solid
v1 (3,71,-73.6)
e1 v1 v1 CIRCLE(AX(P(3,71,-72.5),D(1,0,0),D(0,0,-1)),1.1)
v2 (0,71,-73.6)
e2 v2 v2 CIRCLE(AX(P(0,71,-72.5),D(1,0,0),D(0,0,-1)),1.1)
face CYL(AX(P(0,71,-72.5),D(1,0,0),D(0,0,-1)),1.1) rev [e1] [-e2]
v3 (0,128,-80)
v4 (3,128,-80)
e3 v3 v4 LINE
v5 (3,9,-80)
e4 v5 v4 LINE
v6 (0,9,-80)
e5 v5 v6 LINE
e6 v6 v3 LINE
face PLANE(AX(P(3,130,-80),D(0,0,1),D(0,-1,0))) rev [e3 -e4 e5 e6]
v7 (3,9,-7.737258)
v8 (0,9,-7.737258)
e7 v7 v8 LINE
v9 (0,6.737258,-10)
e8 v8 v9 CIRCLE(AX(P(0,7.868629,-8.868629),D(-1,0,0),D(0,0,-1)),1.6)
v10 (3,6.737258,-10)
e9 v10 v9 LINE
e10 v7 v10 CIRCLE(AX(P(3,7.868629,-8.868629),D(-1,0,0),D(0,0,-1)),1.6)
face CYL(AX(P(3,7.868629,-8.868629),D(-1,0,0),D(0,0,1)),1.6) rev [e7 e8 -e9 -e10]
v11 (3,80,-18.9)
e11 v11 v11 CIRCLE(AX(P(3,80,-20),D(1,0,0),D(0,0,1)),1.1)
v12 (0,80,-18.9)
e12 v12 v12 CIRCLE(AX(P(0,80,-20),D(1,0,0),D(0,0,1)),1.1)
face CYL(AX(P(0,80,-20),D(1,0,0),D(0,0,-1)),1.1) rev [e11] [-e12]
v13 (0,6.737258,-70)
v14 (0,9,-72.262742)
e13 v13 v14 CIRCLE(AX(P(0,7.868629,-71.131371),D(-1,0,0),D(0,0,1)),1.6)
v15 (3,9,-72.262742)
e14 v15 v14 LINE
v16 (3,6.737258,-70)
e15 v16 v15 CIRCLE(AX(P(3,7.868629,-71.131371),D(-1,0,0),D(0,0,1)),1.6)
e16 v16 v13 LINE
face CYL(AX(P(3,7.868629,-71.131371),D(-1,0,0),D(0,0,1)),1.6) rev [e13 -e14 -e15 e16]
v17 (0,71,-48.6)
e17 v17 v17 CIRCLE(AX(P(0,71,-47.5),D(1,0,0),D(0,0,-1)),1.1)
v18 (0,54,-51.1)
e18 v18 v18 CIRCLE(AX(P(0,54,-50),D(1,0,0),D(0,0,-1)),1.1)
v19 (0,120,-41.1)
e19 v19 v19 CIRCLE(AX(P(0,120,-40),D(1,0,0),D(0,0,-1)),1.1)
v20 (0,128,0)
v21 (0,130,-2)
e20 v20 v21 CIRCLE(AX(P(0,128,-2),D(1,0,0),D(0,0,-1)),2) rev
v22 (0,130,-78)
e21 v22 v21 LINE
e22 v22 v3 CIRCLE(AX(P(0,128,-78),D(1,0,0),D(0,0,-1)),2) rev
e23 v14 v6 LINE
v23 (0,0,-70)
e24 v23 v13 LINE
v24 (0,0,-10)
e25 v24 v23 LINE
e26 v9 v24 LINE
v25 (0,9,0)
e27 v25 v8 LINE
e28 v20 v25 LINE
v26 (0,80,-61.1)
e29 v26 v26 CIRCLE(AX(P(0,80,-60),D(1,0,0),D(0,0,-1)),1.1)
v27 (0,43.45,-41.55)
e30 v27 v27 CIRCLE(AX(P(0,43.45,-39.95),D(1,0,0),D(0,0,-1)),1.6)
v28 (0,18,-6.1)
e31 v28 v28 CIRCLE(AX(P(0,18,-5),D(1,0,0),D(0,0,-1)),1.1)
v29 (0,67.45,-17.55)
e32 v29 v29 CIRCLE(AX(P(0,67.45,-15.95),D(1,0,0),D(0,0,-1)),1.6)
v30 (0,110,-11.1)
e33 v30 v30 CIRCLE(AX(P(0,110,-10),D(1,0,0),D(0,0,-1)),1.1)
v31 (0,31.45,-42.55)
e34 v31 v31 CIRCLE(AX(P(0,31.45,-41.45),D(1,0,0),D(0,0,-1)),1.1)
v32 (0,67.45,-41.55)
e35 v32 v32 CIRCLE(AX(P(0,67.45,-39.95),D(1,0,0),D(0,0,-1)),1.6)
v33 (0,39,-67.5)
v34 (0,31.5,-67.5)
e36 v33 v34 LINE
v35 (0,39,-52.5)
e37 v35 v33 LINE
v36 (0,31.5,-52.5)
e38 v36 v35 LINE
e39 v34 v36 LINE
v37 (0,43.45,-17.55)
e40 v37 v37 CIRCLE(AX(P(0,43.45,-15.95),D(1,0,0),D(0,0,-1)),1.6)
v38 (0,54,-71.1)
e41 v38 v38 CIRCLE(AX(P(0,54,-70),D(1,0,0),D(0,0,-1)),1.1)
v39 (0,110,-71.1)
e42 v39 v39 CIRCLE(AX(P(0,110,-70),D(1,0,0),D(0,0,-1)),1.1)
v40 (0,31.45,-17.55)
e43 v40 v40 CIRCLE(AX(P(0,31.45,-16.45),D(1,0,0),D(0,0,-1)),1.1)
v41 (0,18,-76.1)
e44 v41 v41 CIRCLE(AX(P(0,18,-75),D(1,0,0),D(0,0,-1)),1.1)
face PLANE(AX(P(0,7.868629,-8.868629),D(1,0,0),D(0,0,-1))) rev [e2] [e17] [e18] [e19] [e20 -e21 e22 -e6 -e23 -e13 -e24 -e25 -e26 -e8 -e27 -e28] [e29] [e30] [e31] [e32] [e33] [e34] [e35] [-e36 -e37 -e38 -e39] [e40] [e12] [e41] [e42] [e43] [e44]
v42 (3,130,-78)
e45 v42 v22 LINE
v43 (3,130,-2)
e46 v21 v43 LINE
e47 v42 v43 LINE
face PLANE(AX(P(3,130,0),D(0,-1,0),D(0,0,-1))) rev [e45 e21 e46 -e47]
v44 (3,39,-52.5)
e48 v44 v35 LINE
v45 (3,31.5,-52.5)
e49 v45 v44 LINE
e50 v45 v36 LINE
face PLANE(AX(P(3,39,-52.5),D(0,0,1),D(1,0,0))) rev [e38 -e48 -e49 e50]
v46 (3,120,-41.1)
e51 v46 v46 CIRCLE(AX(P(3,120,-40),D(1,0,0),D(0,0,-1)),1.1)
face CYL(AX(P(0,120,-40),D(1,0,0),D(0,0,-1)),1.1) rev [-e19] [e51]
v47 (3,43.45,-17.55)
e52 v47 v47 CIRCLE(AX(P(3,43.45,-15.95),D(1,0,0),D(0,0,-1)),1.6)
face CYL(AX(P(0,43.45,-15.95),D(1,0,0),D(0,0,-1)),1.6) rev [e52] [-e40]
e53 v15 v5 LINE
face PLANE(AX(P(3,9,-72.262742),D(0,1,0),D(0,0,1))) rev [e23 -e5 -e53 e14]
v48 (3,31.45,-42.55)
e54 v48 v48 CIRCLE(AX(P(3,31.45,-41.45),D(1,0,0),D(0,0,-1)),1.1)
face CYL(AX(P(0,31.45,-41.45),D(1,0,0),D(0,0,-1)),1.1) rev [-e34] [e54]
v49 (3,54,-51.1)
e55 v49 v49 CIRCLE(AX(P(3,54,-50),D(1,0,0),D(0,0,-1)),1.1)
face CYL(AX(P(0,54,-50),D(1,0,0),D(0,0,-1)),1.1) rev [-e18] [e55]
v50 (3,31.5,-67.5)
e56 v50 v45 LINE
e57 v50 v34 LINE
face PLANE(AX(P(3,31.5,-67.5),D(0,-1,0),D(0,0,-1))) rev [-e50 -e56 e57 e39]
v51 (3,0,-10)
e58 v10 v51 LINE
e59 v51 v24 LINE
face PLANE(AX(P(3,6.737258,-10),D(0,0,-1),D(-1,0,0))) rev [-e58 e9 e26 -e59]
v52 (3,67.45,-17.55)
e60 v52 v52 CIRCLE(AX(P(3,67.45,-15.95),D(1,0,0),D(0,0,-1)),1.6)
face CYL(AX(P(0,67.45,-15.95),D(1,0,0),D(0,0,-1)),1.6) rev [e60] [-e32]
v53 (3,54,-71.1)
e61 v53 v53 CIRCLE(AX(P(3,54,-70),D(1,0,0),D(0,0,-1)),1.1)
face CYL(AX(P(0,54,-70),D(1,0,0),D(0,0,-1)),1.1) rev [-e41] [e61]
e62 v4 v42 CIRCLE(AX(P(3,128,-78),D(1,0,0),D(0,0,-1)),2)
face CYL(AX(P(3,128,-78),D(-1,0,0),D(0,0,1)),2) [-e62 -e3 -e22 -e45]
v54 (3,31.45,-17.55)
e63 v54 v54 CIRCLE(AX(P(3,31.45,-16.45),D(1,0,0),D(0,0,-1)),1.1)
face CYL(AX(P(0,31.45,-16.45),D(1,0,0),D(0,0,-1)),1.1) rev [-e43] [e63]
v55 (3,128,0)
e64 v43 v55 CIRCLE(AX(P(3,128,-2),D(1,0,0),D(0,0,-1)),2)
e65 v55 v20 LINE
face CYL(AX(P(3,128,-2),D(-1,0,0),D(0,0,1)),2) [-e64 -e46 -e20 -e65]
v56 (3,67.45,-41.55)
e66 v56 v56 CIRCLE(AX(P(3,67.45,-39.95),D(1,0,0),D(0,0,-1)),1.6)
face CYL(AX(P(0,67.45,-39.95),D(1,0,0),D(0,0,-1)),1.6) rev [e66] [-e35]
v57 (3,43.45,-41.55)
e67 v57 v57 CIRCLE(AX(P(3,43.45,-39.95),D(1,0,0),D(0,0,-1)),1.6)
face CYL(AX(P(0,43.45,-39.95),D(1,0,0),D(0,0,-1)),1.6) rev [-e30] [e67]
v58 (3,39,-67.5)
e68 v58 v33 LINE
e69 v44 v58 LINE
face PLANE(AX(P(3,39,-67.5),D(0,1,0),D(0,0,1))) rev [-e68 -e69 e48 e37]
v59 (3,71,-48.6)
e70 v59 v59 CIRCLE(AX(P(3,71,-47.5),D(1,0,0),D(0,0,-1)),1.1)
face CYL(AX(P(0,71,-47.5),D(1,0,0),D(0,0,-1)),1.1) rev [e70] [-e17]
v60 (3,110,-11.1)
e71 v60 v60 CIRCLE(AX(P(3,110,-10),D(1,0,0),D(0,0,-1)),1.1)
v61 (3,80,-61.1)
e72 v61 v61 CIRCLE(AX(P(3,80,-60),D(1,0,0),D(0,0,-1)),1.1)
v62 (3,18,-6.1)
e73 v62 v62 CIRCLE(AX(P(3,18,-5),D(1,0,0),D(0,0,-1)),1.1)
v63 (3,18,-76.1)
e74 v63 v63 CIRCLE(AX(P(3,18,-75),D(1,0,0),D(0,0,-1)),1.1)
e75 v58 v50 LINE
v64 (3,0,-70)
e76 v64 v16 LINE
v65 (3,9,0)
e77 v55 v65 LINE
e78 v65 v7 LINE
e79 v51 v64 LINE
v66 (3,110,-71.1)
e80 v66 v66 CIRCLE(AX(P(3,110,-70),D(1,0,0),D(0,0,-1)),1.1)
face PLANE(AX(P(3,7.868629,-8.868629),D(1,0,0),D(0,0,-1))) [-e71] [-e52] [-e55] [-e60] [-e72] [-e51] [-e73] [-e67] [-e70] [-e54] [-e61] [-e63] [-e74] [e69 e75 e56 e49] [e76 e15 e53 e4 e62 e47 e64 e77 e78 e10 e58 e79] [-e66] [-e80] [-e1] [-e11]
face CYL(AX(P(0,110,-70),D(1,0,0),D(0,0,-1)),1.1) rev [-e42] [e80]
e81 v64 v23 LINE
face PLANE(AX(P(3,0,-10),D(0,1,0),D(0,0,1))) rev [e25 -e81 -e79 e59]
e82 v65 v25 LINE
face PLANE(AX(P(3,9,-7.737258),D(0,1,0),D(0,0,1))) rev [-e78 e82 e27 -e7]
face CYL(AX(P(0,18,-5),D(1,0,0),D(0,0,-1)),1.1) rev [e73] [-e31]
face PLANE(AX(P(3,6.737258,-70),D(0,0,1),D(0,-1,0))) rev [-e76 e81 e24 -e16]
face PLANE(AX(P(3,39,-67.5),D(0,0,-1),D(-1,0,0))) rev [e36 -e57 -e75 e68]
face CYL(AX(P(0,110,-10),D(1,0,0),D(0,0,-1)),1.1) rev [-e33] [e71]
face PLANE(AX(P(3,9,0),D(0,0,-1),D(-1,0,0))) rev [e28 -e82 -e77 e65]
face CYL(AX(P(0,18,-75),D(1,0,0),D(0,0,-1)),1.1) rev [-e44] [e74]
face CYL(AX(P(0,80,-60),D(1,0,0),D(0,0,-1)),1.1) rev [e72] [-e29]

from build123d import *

# Parameters (mm, degrees)
EXTRUSION1_DEPTH        = 3
ESQUISSE2_R             = 1.1
ESQUISSE2_R_2           = 1.6
ENL_V_MAT_EXTRU_1_DEPTH = 4
ESQUISSE3_W             = 15
ESQUISSE3_H             = 7.5
ENL_V_MAT_EXTRU_2_DEPTH = 4
ESQUISSE4_R             = 1.1
ENL_V_MAT_EXTRU_3_DEPTH = 4
CONG_1_R                = 2
ESQUISSE5_R             = 1.1
ENL_V_MAT_EXTRU_6_DEPTH = 4


with BuildPart() as part:
    # Esquisse1 → Extrusion1 (new body)
    with BuildSketch(Plane(origin=(0, 0, 0), x_dir=(0, 0, -1), z_dir=(1, 0, 0))):
        with BuildLine():
            Line((10, 6.7372583), (10, 0))
            Line((10, 0), (70, 0))
            Line((70, 0), (70, 6.7372583))
            ThreePointArc((70, 6.7372583), (70, 9), (72.2627417, 9))
            Line((72.2627417, 9), (80, 9))
            Line((80, 9), (80, 130))
            Line((80, 130), (0, 130))
            Line((0, 130), (0, 9))
            Line((0, 9), (7.7372583, 9))
            ThreePointArc((7.7372583, 9), (10, 9), (10, 6.7372583))
        make_face()
    extrude(amount=EXTRUSION1_DEPTH)

    # Esquisse2 → Enlèv. mat.-Extru.1 (cut, through all)
    with BuildSketch(Plane(origin=(3, 0, 0), x_dir=(0, 0, -1), z_dir=(1, 0, 0))):
        with Locations((60, 80)):
            Circle(ESQUISSE2_R)
        with Locations((10, 110)):
            Circle(ESQUISSE2_R)
        with Locations(Location((20, 80, 0), (0, 0, 180))):  # turned: the seam where the file's is
            Circle(ESQUISSE2_R)
        with Locations((70, 110)):
            Circle(ESQUISSE2_R)
        with Locations((15.95, 67.45)):
            Circle(ESQUISSE2_R_2)
        with Locations((15.95, 43.45)):
            Circle(ESQUISSE2_R_2)
        with Locations((39.95, 43.45)):
            Circle(ESQUISSE2_R_2)
        with Locations((39.95, 67.45)):
            Circle(ESQUISSE2_R_2)
        with Locations((40, 120)):
            Circle(ESQUISSE2_R)
        with Locations((70, 54)):
            Circle(ESQUISSE2_R)
        with Locations((50, 54)):
            Circle(ESQUISSE2_R)
    extrude(amount=-ENL_V_MAT_EXTRU_1_DEPTH, mode=Mode.SUBTRACT)

    # Esquisse3 → Enlèv. mat.-Extru.2 (cut, through all)
    with BuildSketch(Plane.ZY):
        with Locations((-60, 35.25)):
            Rectangle(ESQUISSE3_W, ESQUISSE3_H)
    extrude(amount=-ENL_V_MAT_EXTRU_2_DEPTH, mode=Mode.SUBTRACT)

    # Esquisse4 → Enlèv. mat.-Extru.3 (cut, through all)
    with BuildSketch(Plane(origin=(3, 0, 0), x_dir=(0, 0, -1), z_dir=(1, 0, 0))):
        with Locations((75, 18)):
            Circle(ESQUISSE4_R)
        with Locations((5, 18)):
            Circle(ESQUISSE4_R)
    extrude(amount=-ENL_V_MAT_EXTRU_3_DEPTH, mode=Mode.SUBTRACT)

    # Congé1
    cong_1_edges = [part.edges().sort_by_distance(p)[0] for p in [
        (1.5, 130, 0),
        (1.5, 130, -80),
    ]]
    fillet(cong_1_edges, radius=CONG_1_R)

    # Esquisse5 → Enlèv. mat.-Extru.6 (cut, through all)
    with BuildSketch(Plane(origin=(3, 0, 0), x_dir=(0, 0, -1), z_dir=(1, 0, 0))):
        with Locations((16.45, 31.45)):
            Circle(ESQUISSE5_R)
        with Locations((41.45, 31.45)):
            Circle(ESQUISSE5_R)
        with Locations((47.5, 71)):
            Circle(ESQUISSE5_R)
        with Locations((72.5, 71)):
            Circle(ESQUISSE5_R)
    extrude(amount=-ENL_V_MAT_EXTRU_6_DEPTH, mode=Mode.SUBTRACT)


solid = part.part
